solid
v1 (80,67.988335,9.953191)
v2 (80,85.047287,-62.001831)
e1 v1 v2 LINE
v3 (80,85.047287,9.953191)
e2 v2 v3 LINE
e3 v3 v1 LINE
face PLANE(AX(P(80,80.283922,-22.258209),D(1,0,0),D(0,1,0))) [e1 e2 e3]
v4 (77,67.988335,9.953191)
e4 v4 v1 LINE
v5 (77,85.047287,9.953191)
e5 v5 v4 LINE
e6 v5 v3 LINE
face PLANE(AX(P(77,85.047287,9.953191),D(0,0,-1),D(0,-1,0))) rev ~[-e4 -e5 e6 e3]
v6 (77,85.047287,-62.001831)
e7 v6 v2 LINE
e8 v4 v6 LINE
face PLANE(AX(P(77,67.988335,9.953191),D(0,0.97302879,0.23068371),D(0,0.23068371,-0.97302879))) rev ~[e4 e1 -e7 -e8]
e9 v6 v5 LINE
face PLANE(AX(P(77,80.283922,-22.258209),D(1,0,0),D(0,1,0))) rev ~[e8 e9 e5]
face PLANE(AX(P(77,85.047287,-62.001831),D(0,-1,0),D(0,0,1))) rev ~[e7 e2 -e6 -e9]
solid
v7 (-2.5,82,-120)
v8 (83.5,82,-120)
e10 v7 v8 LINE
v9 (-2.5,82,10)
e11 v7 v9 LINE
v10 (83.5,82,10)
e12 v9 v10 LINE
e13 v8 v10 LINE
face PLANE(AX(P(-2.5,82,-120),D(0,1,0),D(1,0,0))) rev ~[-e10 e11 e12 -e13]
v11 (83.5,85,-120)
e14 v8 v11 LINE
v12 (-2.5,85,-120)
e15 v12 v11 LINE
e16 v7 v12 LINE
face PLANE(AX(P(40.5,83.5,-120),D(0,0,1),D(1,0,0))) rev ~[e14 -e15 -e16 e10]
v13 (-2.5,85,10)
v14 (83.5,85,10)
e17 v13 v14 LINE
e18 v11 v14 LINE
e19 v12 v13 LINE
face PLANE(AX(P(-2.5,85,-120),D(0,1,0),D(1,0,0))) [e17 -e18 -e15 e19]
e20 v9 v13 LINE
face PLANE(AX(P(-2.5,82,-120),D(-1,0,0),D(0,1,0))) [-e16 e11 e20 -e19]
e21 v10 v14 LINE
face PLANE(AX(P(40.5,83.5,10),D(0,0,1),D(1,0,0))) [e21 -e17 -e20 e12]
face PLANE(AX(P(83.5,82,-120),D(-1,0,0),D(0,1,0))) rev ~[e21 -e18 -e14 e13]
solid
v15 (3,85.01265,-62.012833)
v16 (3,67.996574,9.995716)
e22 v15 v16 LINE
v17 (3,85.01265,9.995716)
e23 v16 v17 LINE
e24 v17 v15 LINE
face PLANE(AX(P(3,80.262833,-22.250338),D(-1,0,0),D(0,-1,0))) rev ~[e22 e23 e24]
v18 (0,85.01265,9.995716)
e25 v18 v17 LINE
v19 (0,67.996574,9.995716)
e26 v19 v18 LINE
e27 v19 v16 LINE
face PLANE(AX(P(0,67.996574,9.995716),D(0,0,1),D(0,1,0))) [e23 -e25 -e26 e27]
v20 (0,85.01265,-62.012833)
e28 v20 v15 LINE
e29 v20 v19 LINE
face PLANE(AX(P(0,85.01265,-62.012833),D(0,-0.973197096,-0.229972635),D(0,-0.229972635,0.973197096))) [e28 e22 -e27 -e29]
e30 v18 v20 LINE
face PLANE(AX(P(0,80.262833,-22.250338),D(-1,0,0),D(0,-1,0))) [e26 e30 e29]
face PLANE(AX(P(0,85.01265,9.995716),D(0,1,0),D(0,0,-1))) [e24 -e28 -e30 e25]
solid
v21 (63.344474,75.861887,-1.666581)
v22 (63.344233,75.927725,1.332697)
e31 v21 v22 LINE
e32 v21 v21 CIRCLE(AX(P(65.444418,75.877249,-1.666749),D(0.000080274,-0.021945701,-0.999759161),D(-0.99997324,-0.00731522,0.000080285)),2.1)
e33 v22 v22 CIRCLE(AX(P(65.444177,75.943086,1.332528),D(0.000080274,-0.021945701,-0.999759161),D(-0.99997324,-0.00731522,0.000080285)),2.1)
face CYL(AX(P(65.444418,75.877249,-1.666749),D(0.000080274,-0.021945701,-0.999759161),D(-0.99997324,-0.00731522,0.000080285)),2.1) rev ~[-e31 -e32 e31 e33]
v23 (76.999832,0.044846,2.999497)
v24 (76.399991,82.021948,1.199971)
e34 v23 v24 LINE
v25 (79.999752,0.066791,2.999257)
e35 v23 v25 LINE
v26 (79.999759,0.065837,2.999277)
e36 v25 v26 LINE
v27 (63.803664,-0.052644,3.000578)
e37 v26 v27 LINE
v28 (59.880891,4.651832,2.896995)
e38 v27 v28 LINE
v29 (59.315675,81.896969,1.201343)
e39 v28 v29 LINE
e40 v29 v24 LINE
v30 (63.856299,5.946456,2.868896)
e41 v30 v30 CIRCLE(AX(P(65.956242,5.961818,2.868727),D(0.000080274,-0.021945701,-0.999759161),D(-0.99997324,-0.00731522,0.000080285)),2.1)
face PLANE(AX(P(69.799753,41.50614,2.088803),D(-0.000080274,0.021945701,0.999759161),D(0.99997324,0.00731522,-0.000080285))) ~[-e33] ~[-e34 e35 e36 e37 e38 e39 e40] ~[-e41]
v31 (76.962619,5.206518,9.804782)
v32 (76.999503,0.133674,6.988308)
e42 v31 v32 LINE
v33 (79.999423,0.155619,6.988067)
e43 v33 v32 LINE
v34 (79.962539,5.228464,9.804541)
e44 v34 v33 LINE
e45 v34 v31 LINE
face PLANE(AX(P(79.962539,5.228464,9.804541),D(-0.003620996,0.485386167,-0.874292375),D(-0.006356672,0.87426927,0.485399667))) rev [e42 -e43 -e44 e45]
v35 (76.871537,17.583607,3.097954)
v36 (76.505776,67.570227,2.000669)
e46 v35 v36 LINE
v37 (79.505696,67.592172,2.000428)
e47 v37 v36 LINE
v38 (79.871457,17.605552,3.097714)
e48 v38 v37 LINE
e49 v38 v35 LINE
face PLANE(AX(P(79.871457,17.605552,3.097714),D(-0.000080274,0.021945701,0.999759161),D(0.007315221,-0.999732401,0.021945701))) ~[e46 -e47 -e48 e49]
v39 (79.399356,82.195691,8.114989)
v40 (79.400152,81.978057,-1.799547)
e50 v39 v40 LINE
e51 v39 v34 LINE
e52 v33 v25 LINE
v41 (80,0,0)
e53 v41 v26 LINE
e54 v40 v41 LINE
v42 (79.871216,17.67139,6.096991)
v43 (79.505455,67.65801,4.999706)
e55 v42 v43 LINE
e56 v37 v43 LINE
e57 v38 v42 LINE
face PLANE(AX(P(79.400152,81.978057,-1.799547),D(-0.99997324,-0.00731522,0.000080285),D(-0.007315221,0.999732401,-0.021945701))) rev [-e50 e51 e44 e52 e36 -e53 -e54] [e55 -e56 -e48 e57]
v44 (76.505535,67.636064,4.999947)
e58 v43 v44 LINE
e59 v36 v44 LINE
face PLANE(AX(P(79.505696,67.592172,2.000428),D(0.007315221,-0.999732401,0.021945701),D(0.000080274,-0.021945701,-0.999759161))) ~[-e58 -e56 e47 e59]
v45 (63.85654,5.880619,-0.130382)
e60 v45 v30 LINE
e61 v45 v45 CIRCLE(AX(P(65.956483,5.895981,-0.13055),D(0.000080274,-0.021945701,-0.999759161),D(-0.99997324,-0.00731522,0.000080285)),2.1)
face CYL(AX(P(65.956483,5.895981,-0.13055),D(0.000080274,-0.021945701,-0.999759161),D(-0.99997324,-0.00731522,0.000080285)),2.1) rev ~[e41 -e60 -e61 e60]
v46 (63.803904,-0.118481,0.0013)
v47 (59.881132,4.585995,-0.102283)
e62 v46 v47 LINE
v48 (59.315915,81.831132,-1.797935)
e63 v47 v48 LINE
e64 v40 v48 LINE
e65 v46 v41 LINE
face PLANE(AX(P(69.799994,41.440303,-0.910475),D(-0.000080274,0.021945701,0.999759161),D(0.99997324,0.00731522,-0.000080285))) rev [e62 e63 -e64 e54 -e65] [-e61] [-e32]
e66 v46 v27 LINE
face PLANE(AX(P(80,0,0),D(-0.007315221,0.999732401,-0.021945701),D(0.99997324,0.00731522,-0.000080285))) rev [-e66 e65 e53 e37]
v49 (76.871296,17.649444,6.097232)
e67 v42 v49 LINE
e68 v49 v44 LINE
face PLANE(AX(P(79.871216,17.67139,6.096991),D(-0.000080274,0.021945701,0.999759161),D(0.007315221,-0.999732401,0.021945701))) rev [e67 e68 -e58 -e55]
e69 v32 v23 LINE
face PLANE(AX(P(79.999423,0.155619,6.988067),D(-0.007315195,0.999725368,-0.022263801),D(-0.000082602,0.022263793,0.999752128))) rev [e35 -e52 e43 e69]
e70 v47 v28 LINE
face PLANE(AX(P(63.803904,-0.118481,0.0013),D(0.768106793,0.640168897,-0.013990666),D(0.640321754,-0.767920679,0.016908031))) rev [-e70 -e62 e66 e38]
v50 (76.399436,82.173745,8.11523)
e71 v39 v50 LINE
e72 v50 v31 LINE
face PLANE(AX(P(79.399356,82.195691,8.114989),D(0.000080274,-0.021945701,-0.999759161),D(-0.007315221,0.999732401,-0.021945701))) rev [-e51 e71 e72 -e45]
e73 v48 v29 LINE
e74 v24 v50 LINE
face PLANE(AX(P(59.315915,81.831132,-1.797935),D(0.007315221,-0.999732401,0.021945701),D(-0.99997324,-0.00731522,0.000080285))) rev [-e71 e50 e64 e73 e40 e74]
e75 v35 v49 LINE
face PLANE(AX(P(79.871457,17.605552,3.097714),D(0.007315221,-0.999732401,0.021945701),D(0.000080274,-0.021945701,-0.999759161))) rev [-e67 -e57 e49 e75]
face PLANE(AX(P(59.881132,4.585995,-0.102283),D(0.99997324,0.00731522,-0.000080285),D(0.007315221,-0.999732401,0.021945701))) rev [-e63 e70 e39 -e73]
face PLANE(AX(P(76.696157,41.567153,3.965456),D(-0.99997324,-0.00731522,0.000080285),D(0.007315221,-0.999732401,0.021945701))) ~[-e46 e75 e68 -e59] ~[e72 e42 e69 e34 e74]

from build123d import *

# Parameters (mm, degrees)
BOX_W                          = 86
BOX_H                          = 3
BOX_DEPTH                      = 130
PAD002_DEPTH                   = 3
PAD003_DEPTH                   = 3
SKETCH001_W                    = 50
SKETCH001_H                    = 3
PAD001_DEPTH                   = 3
SKETCH_R                       = 2.1
PAD_DEPTH                      = 3
FUSION_ROLL_ANGLE              = -1.257497
FUSION_PITCH_ANGLE             = -0.0046
FUSION_PLACEMENT_ANGLE         = -0.419135
PART_MIRRORING_PLACEMENT_ANGLE = 180


with BuildPart() as cube:
    # Box → Box (new body)
    with BuildSketch(Plane(origin=(-2.5, 82, -120), x_dir=(1, 0, 0), z_dir=(0, 0, 1))):
        with Locations((43, 1.5)):
            Rectangle(BOX_W, BOX_H)
    extrude(amount=BOX_DEPTH)


with BuildPart() as pad002:
    # Sketch002 → Pad002 (new body)
    with BuildSketch(Plane.YZ.offset(77)):
        Polygon((85.047287, 9.953191), (67.988335, 9.953191), (85.047287, -62.001831), align=None)
    extrude(amount=PAD002_DEPTH)


with BuildPart() as pad003:
    # Sketch003 → Pad003 (new body)
    with BuildSketch(Plane.YZ):
        Polygon((85.01265, 9.995716), (85.01265, -62.012833), (67.996574, 9.995716), align=None)
    extrude(amount=PAD003_DEPTH)


with BuildPart() as pad001:
    # Sketch001 → Pad001 (new body)
    with BuildSketch(Plane.YZ):
        Polygon((0, 0), (82, 0), (82, 9.916925), (5.012171, 9.916925), (0.002224, 6.989799), align=None)
        with Locations((42.5338, 4.983344)):
            Rectangle(SKETCH001_W, SKETCH001_H, mode=Mode.SUBTRACT)
    extrude(amount=PAD001_DEPTH)


with BuildPart() as fusion:
    # Sketch → Pad (new body)
    with BuildSketch(Plane.XY):
        Polygon((0, 82), (0, 0), (16.196529, 0), (20.084774, 4.734186), (20.084774, 82), align=None)
        with Locations((14, 6)):
            Circle(SKETCH_R, mode=Mode.SUBTRACT)
        with Locations((14, 76)):
            Circle(SKETCH_R, mode=Mode.SUBTRACT)
    extrude(amount=PAD_DEPTH)

    # Fusion: union Pad001
    add(pad001.part)


with BuildPart() as fusion_1:
    # Fusion roll: moved
    add(fusion.part.rotate(Axis((0, 0, 0), (1, 0, 0)), FUSION_ROLL_ANGLE))


with BuildPart() as fusion_2:
    # Fusion pitch: moved
    add(fusion_1.part.rotate(Axis((0, 0, 0), (0, 1, 0)), FUSION_PITCH_ANGLE))


with BuildPart() as fusion_3:
    # Fusion placement: moved
    add(fusion_2.part.rotate(Axis((0, 0, 0), (0, 0, 1)), FUSION_PLACEMENT_ANGLE))


with BuildPart() as part_mirroring:
    # Part__Mirroring: instance of Fusion
    add(fusion_3.part.mirror(Plane(origin=(0, 0, 0), x_dir=(0, 1, 0), z_dir=(0, 0, 1))))


with BuildPart() as part_mirroring_1:
    # Part__Mirroring placement: moved
    add(part_mirroring.part.moved(Location((80, 0, 0))).rotate(Axis((80, 0, 0), (0, 1, 0)), PART_MIRRORING_PLACEMENT_ANGLE))


solid = Compound([cube.part, pad002.part, pad003.part, part_mirroring_1.part])
